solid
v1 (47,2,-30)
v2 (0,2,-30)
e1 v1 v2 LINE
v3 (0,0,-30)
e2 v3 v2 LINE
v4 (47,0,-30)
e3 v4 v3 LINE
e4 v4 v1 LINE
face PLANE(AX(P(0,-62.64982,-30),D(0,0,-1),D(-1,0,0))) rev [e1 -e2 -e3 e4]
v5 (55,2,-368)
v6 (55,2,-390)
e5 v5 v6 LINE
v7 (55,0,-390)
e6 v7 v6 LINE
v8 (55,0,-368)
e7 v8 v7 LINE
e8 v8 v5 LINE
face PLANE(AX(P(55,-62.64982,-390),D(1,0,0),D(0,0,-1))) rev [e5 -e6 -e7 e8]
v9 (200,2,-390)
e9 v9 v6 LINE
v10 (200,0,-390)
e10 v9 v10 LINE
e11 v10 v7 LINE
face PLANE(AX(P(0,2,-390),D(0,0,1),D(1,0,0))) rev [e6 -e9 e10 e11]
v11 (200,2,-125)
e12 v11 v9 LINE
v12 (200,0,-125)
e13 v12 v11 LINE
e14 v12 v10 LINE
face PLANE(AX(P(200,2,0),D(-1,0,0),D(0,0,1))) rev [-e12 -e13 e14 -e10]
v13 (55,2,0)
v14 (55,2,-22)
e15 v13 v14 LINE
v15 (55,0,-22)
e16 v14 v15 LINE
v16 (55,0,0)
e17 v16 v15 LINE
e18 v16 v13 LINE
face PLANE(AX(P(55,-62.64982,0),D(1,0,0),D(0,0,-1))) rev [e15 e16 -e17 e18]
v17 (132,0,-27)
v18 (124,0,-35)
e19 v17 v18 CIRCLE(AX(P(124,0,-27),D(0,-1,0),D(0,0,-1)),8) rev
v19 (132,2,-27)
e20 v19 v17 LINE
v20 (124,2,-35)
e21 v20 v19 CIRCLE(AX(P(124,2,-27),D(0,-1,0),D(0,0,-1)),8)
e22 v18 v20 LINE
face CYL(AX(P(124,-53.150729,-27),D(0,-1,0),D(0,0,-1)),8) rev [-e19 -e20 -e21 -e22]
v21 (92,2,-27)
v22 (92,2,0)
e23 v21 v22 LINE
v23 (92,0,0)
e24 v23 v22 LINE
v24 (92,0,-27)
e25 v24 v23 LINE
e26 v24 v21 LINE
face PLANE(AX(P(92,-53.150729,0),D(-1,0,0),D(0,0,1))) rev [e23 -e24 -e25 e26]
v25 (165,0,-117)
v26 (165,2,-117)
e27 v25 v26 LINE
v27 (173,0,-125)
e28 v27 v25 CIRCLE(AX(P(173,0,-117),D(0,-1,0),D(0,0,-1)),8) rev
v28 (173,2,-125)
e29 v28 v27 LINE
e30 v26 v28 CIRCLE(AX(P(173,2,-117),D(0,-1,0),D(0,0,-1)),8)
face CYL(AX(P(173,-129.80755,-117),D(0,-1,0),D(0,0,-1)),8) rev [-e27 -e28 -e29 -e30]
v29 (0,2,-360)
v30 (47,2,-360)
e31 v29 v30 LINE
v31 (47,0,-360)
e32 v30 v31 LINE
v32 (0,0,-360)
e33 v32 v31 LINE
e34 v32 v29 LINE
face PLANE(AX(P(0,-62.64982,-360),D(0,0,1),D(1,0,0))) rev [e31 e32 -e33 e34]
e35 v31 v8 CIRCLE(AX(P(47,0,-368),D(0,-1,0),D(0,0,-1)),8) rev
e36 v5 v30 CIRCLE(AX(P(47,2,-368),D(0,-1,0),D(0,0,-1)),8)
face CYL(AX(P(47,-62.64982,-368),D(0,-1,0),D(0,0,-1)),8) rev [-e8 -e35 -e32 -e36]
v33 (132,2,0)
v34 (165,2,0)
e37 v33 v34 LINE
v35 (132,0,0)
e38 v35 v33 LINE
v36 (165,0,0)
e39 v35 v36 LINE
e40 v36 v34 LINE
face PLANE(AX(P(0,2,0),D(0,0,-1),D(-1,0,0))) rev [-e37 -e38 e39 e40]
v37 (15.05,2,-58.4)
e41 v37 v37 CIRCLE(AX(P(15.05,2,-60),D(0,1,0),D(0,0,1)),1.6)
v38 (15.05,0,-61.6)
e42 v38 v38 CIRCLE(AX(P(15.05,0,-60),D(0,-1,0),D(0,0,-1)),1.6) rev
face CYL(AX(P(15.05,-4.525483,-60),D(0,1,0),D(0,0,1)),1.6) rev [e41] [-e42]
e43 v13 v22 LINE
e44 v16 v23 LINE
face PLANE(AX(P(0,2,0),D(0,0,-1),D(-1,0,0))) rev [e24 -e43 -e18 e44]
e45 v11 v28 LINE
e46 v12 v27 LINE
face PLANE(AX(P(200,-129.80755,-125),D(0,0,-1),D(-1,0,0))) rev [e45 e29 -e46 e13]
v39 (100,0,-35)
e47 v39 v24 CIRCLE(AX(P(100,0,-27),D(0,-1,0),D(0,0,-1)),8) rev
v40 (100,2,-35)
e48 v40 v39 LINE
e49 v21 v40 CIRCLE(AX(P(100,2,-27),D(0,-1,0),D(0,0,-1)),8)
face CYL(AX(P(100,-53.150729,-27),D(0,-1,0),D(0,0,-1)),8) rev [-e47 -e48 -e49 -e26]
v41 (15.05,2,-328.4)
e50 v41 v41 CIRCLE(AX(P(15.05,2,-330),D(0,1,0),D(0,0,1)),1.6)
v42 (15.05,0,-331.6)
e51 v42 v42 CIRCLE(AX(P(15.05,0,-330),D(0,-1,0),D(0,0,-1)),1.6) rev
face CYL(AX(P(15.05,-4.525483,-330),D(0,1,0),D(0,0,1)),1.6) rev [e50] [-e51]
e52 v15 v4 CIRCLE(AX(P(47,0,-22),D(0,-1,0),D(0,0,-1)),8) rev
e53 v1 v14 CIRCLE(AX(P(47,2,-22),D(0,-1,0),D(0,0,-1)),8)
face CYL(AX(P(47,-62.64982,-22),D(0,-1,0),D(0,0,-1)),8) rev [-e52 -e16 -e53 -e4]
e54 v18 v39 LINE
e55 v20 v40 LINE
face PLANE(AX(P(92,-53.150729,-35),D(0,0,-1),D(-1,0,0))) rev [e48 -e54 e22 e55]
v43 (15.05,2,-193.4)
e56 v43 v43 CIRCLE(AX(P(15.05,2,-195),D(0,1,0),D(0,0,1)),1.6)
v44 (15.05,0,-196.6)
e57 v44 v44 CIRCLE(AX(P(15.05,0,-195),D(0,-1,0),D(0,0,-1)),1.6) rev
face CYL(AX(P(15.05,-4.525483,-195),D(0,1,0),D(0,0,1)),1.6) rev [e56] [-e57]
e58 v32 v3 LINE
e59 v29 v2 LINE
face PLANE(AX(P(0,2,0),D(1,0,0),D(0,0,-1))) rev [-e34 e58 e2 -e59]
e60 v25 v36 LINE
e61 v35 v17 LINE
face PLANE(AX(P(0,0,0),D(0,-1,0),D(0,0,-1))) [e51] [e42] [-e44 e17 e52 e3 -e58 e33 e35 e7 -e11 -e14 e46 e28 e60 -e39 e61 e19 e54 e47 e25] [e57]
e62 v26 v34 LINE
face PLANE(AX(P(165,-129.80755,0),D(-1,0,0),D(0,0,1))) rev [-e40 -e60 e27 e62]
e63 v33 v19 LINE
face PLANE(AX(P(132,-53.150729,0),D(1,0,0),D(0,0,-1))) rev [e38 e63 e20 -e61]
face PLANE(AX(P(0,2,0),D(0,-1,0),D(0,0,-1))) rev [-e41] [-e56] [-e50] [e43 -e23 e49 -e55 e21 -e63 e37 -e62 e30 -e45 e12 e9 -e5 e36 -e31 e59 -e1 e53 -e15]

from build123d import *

# Parameters (mm, degrees)
CROQUIS1_W              = 200
CROQUIS1_H              = 390
SALIENTE_EXTRUIR1_DEPTH = 2
CROQUIS3_W              = 55
CROQUIS3_H              = 30
CORTAR_EXTRUIR1_DEPTH   = 2
CROQUIS5_W              = 40
CROQUIS5_H              = 35
CORTAR_EXTRUIR3_DEPTH   = 2
CROQUIS6_W              = 35
CROQUIS6_H              = 125
CORTAR_EXTRUIR4_DEPTH   = 2
CROQUIS7_R              = 1.6
CORTAR_EXTRUIR5_DEPTH   = 2
REDONDEO1_R             = 8


with BuildPart() as part:
    # Croquis1 → Saliente-Extruir1 (new body)
    with BuildSketch(Plane(origin=(0, 0, 0), x_dir=(1, 0, 0), z_dir=(0, 1, 0))):
        with Locations((100, 195)):
            Rectangle(CROQUIS1_W, CROQUIS1_H)
    extrude(amount=SALIENTE_EXTRUIR1_DEPTH)

    # Croquis3 → Cortar-Extruir1 (cut)
    with BuildSketch(Plane(origin=(0, 2, 0), x_dir=(1, 0, 0), z_dir=(0, 1, 0))):
        with Locations((27.5, 375)):
            Rectangle(CROQUIS3_W, CROQUIS3_H)
        with Locations((27.5, 15)):
            Rectangle(CROQUIS3_W, CROQUIS3_H)
    extrude(amount=-CORTAR_EXTRUIR1_DEPTH, mode=Mode.SUBTRACT)

    # Croquis5 → Cortar-Extruir3 (cut)
    with BuildSketch(Plane(origin=(0, 2, 0), x_dir=(1, 0, 0), z_dir=(0, 1, 0))):
        with Locations((112, 17.5)):
            Rectangle(CROQUIS5_W, CROQUIS5_H)
    extrude(amount=-CORTAR_EXTRUIR3_DEPTH, mode=Mode.SUBTRACT)

    # Croquis6 → Cortar-Extruir4 (cut)
    with BuildSketch(Plane(origin=(0, 2, 0), x_dir=(1, 0, 0), z_dir=(0, 1, 0))):
        with Locations((182.5, 62.5)):
            Rectangle(CROQUIS6_W, CROQUIS6_H)
    extrude(amount=-CORTAR_EXTRUIR4_DEPTH, mode=Mode.SUBTRACT)

    # Croquis7 → Cortar-Extruir5 (cut)
    with BuildSketch(Plane(origin=(0, 2, 0), x_dir=(1, 0, 0), z_dir=(0, 1, 0))):
        with Locations(Location((15.05, 330, 0), (0, 0, 270))):
            Circle(CROQUIS7_R)
        with Locations(Location((15.05, 195, 0), (0, 0, 270))):
            Circle(CROQUIS7_R)
        with Locations(Location((15.05, 60, 0), (0, 0, 270))):
            Circle(CROQUIS7_R)
    extrude(amount=-CORTAR_EXTRUIR5_DEPTH, mode=Mode.SUBTRACT)

    # Redondeo1
    redondeo1_edges = [part.edges().sort_by_distance(p)[0] for p in [
        (55, 1, -360),
        (55, 1, -30),
        (132, 1, -35),
        (92, 1, -35),
        (165, 1, -125),
    ]]
    fillet(redondeo1_edges, radius=REDONDEO1_R)


solid = part.part
